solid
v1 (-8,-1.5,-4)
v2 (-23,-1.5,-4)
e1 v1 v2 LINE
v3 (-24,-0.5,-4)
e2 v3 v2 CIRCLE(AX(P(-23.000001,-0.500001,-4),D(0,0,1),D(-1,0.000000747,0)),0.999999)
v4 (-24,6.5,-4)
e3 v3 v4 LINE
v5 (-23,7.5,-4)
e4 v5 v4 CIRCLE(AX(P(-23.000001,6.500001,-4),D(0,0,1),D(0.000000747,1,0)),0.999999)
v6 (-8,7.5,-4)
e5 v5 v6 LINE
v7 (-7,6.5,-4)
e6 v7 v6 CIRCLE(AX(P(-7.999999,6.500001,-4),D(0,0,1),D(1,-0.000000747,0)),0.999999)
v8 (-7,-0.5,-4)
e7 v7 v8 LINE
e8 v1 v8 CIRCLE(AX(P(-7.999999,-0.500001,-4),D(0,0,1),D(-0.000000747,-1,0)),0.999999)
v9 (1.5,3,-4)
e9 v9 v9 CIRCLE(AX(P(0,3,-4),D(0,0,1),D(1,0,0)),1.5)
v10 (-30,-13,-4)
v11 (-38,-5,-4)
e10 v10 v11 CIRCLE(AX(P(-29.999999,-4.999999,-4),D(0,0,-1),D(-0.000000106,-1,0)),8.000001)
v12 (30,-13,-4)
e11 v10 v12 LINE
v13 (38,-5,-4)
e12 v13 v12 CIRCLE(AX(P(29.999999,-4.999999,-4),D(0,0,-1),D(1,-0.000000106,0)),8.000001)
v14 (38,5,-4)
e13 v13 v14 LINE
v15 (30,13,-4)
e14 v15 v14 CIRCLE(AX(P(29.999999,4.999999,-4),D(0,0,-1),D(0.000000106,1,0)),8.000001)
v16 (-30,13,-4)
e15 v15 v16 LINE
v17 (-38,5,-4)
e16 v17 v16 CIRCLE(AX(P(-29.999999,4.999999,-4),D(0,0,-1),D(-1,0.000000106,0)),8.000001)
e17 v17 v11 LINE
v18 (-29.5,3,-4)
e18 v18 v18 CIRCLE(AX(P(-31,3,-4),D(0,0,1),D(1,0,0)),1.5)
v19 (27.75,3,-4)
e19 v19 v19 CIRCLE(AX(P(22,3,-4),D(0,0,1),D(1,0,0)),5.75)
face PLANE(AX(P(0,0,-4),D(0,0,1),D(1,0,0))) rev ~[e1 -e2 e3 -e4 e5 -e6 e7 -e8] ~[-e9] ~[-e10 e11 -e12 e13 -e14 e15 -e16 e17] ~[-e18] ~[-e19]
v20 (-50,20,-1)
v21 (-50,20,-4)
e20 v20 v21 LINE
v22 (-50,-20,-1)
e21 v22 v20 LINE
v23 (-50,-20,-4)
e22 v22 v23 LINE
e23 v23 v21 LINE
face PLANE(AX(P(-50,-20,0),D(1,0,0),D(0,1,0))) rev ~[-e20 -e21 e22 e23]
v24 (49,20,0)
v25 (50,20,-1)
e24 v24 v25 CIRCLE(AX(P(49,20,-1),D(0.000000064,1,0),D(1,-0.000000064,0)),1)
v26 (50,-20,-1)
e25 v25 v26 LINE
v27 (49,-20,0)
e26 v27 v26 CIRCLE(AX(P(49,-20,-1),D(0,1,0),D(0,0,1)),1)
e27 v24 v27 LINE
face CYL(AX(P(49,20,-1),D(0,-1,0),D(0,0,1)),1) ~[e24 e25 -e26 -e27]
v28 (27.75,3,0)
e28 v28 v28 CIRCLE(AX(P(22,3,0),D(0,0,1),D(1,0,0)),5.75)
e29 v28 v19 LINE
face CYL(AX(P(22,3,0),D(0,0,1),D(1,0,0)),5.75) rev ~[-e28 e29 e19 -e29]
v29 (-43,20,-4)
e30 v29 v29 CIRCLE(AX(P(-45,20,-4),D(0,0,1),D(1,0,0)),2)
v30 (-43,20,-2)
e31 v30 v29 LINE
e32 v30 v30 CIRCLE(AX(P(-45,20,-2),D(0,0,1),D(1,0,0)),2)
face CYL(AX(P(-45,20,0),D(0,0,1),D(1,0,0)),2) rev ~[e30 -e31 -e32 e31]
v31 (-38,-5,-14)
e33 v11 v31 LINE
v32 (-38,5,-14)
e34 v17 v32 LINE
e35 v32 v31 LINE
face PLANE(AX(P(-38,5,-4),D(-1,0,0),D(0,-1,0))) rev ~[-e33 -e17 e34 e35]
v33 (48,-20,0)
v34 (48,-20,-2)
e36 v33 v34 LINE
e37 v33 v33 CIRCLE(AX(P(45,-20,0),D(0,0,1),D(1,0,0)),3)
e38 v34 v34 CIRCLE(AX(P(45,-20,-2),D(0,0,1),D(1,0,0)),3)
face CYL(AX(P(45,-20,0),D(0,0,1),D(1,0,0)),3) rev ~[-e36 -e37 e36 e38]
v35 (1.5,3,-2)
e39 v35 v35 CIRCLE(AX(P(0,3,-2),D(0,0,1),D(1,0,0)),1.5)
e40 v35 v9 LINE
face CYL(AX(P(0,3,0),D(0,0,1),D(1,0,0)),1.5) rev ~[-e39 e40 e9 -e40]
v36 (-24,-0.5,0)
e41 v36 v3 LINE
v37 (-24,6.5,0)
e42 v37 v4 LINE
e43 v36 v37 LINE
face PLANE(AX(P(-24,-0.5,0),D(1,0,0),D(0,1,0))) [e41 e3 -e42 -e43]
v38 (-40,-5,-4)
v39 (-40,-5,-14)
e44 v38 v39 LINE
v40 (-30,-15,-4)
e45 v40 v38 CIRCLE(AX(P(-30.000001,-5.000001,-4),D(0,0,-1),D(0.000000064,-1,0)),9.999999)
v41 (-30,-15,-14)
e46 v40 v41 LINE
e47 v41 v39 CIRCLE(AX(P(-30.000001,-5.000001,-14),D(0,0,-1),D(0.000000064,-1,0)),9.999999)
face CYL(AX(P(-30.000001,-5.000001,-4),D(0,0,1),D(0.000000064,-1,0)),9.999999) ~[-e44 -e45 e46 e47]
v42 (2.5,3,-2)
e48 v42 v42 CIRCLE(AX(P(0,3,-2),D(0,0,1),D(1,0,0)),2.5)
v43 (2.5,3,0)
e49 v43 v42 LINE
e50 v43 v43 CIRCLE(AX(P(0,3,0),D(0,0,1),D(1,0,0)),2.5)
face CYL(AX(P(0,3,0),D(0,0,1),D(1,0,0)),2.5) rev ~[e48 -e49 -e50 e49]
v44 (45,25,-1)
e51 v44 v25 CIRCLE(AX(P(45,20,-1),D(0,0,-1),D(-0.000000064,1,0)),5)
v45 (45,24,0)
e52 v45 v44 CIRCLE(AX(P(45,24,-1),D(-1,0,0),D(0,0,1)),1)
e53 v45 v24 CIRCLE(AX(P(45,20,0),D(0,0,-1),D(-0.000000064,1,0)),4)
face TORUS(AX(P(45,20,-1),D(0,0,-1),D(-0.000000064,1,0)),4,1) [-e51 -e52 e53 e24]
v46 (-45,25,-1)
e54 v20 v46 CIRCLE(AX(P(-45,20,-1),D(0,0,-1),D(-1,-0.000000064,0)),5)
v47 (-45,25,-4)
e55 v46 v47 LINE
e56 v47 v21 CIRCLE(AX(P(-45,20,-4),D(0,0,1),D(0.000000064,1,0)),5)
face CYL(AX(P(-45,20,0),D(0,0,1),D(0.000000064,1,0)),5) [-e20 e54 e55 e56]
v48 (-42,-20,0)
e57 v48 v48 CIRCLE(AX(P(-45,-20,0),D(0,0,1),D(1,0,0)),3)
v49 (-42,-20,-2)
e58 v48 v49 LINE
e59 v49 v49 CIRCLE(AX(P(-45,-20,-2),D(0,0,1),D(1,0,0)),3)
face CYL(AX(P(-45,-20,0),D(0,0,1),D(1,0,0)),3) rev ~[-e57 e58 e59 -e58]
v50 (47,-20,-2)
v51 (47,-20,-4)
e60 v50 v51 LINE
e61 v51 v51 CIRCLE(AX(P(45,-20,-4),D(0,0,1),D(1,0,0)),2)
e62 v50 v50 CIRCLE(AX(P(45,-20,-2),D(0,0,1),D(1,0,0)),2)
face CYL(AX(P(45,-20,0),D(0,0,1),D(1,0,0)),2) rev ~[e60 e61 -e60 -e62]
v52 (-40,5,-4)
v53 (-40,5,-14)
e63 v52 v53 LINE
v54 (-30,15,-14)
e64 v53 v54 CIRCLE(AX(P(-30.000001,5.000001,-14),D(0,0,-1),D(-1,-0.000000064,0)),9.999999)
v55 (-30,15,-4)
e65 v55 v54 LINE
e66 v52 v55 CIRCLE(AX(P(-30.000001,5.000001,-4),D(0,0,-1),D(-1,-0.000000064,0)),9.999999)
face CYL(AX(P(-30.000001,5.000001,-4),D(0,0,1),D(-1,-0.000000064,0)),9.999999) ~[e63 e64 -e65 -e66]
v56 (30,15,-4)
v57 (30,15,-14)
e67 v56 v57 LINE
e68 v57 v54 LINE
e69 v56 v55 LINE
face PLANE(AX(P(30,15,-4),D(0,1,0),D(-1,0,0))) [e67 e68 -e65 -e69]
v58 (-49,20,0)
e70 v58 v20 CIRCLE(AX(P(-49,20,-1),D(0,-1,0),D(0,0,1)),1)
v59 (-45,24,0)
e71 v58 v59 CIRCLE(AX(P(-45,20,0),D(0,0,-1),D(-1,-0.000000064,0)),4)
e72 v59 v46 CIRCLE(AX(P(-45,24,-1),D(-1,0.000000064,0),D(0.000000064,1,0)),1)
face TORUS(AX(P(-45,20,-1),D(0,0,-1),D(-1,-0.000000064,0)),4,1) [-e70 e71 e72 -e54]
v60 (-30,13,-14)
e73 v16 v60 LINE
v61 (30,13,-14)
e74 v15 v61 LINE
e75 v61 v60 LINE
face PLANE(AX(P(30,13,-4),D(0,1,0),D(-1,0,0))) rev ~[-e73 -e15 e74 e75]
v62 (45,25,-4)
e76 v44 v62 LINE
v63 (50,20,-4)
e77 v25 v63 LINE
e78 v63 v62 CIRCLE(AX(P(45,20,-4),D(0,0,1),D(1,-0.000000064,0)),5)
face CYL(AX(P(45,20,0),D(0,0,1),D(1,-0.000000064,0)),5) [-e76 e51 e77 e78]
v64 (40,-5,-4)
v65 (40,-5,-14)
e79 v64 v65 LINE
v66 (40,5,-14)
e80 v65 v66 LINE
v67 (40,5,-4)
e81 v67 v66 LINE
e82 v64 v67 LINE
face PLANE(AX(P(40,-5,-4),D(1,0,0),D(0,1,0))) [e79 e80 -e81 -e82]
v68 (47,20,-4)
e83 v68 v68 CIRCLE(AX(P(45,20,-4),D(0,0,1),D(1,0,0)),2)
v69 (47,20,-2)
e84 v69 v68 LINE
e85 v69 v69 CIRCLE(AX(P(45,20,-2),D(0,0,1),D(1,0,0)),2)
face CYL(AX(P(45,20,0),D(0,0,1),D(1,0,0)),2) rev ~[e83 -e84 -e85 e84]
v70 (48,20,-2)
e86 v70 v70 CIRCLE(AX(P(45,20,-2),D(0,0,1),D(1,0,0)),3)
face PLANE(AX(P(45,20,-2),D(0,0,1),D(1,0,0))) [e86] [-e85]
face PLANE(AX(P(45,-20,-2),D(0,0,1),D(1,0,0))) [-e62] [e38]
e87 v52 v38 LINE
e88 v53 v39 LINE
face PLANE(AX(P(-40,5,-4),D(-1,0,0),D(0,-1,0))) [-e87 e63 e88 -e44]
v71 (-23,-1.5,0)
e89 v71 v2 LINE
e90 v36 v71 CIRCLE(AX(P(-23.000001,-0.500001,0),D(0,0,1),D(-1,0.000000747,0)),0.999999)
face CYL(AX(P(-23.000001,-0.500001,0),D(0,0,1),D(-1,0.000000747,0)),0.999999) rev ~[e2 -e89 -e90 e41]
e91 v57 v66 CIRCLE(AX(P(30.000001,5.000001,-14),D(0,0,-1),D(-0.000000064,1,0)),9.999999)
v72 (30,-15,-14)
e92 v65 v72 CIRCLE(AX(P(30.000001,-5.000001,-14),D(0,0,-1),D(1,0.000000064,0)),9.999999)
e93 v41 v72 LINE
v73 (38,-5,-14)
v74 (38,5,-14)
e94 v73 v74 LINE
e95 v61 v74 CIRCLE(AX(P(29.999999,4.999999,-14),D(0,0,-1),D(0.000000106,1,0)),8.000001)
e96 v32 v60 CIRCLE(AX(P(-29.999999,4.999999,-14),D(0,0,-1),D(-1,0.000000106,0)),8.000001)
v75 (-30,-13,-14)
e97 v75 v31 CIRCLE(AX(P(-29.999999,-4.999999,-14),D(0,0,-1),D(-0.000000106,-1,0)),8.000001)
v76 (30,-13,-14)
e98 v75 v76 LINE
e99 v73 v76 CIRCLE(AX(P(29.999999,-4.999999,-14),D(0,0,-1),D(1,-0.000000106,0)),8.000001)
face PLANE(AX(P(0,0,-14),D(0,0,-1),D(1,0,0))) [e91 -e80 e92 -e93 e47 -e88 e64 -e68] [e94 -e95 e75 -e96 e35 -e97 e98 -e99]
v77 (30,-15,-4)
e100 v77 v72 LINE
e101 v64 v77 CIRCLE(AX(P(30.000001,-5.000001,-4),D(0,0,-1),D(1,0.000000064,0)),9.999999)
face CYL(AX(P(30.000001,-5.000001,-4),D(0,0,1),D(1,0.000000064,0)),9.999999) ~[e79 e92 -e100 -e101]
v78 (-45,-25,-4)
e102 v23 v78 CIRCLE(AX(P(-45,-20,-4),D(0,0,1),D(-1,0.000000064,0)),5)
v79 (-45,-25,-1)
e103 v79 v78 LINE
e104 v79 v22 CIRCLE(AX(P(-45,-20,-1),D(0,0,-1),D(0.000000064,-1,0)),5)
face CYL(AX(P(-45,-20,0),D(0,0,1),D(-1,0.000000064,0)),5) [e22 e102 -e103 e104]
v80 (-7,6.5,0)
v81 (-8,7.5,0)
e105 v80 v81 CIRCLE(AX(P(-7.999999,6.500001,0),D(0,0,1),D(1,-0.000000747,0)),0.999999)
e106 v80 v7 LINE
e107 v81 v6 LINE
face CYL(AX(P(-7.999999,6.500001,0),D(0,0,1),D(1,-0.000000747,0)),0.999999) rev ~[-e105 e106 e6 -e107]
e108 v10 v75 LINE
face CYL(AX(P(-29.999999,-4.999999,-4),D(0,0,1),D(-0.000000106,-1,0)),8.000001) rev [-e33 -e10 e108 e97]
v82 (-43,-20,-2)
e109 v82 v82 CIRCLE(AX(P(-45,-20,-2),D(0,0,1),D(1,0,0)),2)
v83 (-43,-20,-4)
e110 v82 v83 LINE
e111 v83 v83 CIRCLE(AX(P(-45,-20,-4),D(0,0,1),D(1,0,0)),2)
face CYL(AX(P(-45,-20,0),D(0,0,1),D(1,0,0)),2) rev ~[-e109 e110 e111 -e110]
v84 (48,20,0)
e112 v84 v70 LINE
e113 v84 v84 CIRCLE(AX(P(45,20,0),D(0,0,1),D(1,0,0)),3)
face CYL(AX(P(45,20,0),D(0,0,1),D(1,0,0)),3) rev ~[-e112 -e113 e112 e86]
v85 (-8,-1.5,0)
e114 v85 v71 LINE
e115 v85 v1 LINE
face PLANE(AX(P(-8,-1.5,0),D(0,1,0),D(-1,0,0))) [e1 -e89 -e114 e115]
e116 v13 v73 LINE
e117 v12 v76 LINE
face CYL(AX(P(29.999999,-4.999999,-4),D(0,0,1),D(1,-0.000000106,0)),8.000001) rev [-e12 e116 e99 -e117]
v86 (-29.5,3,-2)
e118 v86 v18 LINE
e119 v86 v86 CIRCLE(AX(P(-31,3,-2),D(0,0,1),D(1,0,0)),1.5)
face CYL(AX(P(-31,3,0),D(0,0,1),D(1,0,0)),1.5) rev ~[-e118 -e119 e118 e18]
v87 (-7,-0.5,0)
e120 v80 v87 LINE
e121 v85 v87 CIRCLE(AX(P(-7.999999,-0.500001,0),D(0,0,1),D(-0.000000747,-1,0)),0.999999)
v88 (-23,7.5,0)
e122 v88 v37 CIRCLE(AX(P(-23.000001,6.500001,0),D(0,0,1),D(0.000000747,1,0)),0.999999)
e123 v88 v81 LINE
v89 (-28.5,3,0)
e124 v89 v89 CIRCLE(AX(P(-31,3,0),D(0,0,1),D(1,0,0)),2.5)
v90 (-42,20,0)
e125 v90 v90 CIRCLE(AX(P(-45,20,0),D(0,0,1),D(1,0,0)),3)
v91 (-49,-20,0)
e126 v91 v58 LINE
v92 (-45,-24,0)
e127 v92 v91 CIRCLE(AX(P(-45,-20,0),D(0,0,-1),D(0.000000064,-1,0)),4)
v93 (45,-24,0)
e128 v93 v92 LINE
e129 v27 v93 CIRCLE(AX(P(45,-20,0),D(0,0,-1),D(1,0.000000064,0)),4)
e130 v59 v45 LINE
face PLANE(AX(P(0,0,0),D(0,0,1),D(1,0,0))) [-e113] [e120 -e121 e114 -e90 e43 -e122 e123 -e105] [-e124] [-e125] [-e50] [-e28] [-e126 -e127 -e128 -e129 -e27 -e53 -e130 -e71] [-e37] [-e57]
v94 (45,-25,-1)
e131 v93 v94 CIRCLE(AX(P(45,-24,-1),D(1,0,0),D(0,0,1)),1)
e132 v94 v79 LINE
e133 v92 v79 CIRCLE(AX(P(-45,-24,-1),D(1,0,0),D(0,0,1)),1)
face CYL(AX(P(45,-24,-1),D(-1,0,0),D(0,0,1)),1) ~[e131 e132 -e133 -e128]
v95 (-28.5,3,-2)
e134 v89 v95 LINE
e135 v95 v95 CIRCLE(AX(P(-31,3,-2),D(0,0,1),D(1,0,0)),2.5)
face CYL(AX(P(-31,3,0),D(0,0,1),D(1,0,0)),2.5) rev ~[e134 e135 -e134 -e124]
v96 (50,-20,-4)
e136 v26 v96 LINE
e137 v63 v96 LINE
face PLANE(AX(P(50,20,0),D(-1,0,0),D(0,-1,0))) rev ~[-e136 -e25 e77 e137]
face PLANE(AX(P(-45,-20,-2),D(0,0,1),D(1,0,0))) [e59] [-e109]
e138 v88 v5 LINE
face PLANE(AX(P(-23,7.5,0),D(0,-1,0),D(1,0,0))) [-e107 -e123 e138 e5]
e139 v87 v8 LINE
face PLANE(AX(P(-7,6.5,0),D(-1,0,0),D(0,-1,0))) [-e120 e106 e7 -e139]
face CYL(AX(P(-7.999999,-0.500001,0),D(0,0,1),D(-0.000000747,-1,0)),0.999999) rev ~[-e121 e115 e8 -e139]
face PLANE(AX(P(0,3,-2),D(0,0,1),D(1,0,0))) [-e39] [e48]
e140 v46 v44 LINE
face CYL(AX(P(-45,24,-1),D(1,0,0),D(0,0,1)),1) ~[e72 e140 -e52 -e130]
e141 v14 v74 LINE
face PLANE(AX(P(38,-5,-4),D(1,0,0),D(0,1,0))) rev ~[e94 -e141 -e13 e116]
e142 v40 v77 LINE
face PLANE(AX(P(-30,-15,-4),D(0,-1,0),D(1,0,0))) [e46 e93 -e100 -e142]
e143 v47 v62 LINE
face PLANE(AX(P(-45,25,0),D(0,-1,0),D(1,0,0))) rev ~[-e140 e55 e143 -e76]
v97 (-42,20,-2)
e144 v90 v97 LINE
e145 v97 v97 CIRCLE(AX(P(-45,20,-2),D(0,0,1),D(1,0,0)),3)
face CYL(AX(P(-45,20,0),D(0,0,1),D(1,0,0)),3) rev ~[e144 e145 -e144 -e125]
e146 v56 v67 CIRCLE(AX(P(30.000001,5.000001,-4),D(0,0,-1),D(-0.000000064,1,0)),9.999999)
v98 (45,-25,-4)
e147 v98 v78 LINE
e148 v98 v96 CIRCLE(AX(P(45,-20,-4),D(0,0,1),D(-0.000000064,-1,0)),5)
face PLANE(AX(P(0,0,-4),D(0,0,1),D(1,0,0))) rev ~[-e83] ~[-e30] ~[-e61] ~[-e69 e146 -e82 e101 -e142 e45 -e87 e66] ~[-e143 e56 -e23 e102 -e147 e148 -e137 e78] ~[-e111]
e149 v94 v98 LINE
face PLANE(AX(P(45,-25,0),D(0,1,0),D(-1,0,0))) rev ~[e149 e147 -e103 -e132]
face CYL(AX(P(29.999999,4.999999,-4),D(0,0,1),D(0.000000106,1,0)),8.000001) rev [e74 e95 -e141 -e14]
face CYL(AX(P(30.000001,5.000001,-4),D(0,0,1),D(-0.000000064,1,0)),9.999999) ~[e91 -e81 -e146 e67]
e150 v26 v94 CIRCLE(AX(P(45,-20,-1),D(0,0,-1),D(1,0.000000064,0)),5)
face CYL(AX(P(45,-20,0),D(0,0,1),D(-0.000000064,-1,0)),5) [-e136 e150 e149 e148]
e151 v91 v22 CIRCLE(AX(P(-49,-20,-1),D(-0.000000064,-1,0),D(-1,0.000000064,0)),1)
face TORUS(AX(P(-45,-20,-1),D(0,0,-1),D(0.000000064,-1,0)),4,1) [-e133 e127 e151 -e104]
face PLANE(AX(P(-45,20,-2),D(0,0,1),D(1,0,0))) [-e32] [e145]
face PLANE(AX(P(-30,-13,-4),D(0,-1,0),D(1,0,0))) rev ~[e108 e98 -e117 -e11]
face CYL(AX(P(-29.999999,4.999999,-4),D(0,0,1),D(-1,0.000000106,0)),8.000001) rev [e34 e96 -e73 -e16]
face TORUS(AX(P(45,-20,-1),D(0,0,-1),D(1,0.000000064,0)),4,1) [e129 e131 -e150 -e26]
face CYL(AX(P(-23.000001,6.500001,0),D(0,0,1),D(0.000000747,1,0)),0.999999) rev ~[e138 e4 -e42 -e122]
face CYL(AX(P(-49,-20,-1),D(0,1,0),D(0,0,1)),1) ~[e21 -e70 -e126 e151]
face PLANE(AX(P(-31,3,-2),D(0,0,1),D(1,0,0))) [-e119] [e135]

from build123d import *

# Parameters (mm, degrees)
SKETCH_R      = 2
SKETCH_R_2    = 1.5
SKETCH_R_3    = 5.75
PAD_DEPTH     = 4
PAD001_DEPTH  = 10
SKETCH002_R   = 3
SKETCH002_R_2 = 2.5
POCKET_DEPTH  = 2
FILLET_R      = 1


with BuildPart() as part:
    # Sketch → Pad (new body)
    with BuildSketch(Plane.XY):
        with BuildLine():
            ThreePointArc((-45, 25), (-48.535534, 23.535534), (-50, 20))
            Line((-50, -20), (-50, 20))
            ThreePointArc((-50, -20), (-48.535534, -23.535534), (-45, -25))
            Line((45, -25), (-45, -25))
            ThreePointArc((45, -25), (48.535534, -23.535534), (50, -20))
            Line((50, 20), (50, -20))
            ThreePointArc((50, 20), (48.535534, 23.535534), (45, 25))
            Line((-45, 25), (45, 25))
        make_face()
        with Locations((-45, 20)):
            Circle(SKETCH_R, mode=Mode.SUBTRACT)
        with Locations((45, 20)):
            Circle(SKETCH_R, mode=Mode.SUBTRACT)
        with Locations((-45, -20)):
            Circle(SKETCH_R, mode=Mode.SUBTRACT)
        with Locations((45, -20)):
            Circle(SKETCH_R, mode=Mode.SUBTRACT)
        with Locations((-31, 3)):
            Circle(SKETCH_R_2, mode=Mode.SUBTRACT)
        with Locations((0, 3)):
            Circle(SKETCH_R_2, mode=Mode.SUBTRACT)
        with Locations((22, 3)):
            Circle(SKETCH_R_3, mode=Mode.SUBTRACT)
        with BuildLine():
            ThreePointArc((-23, 7.5), (-23.707107, 7.207107), (-24, 6.5))
            Line((-24, -0.5), (-24, 6.5))
            ThreePointArc((-24, -0.5), (-23.707107, -1.207107), (-23, -1.5))
            Line((-8, -1.5), (-23, -1.5))
            ThreePointArc((-8, -1.5), (-7.292893, -1.207107), (-7, -0.5))
            Line((-7, 6.5), (-7, -0.5))
            ThreePointArc((-7, 6.5), (-7.292893, 7.207107), (-8, 7.5))
            Line((-23, 7.5), (-8, 7.5))
        make_face(mode=Mode.SUBTRACT)
    extrude(amount=-PAD_DEPTH)

    # Sketch001 (on Face25 of Pad) → Pad001 (join)
    with BuildSketch(Plane(origin=(0, 0, -4), x_dir=(1, 0, 0), z_dir=(0, 0, -1))):
        with BuildLine():
            ThreePointArc((-30, 15), (-37.071068, 12.071068), (-40, 5))
            Line((-40, -5), (-40, 5))
            ThreePointArc((-40, -5), (-37.071068, -12.071068), (-30, -15))
            Line((30, -15), (-30, -15))
            ThreePointArc((30, -15), (37.071068, -12.071068), (40, -5))
            Line((40, 5), (40, -5))
            ThreePointArc((40, 5), (37.071068, 12.071068), (30, 15))
            Line((-30, 15), (30, 15))
        make_face()
        with BuildLine():
            ThreePointArc((-30, 13), (-35.656854, 10.656854), (-38, 5))
            Line((-38, -5), (-38, 5))
            ThreePointArc((-38, -5), (-35.656854, -10.656854), (-30, -13))
            Line((30, -13), (-30, -13))
            ThreePointArc((30, -13), (35.656854, -10.656854), (38, -5))
            Line((38, 5), (38, -5))
            ThreePointArc((38, 5), (35.656854, 10.656854), (30, 13))
            Line((-30, 13), (30, 13))
        make_face(mode=Mode.SUBTRACT)
    extrude(amount=PAD001_DEPTH)

    # Sketch002 (on Face4 of Pad001) → Pocket (cut)
    with BuildSketch(Plane.XY):
        with Locations((-45, 20)):
            Circle(SKETCH002_R)
        with Locations((45, 20)):
            Circle(SKETCH002_R)
        with Locations((45, -20)):
            Circle(SKETCH002_R)
        with Locations((-45, -20)):
            Circle(SKETCH002_R)
        with Locations((-31, 3)):
            Circle(SKETCH002_R_2)
        with Locations((0, 3)):
            Circle(SKETCH002_R_2)
    extrude(amount=-POCKET_DEPTH, mode=Mode.SUBTRACT)

    # Fillet
    fillet_edges = [part.edges().sort_by_distance(p)[0] for p in [
        (0, -25, 0),
    ]]
    fillet(fillet_edges, radius=FILLET_R)


solid = part.part
